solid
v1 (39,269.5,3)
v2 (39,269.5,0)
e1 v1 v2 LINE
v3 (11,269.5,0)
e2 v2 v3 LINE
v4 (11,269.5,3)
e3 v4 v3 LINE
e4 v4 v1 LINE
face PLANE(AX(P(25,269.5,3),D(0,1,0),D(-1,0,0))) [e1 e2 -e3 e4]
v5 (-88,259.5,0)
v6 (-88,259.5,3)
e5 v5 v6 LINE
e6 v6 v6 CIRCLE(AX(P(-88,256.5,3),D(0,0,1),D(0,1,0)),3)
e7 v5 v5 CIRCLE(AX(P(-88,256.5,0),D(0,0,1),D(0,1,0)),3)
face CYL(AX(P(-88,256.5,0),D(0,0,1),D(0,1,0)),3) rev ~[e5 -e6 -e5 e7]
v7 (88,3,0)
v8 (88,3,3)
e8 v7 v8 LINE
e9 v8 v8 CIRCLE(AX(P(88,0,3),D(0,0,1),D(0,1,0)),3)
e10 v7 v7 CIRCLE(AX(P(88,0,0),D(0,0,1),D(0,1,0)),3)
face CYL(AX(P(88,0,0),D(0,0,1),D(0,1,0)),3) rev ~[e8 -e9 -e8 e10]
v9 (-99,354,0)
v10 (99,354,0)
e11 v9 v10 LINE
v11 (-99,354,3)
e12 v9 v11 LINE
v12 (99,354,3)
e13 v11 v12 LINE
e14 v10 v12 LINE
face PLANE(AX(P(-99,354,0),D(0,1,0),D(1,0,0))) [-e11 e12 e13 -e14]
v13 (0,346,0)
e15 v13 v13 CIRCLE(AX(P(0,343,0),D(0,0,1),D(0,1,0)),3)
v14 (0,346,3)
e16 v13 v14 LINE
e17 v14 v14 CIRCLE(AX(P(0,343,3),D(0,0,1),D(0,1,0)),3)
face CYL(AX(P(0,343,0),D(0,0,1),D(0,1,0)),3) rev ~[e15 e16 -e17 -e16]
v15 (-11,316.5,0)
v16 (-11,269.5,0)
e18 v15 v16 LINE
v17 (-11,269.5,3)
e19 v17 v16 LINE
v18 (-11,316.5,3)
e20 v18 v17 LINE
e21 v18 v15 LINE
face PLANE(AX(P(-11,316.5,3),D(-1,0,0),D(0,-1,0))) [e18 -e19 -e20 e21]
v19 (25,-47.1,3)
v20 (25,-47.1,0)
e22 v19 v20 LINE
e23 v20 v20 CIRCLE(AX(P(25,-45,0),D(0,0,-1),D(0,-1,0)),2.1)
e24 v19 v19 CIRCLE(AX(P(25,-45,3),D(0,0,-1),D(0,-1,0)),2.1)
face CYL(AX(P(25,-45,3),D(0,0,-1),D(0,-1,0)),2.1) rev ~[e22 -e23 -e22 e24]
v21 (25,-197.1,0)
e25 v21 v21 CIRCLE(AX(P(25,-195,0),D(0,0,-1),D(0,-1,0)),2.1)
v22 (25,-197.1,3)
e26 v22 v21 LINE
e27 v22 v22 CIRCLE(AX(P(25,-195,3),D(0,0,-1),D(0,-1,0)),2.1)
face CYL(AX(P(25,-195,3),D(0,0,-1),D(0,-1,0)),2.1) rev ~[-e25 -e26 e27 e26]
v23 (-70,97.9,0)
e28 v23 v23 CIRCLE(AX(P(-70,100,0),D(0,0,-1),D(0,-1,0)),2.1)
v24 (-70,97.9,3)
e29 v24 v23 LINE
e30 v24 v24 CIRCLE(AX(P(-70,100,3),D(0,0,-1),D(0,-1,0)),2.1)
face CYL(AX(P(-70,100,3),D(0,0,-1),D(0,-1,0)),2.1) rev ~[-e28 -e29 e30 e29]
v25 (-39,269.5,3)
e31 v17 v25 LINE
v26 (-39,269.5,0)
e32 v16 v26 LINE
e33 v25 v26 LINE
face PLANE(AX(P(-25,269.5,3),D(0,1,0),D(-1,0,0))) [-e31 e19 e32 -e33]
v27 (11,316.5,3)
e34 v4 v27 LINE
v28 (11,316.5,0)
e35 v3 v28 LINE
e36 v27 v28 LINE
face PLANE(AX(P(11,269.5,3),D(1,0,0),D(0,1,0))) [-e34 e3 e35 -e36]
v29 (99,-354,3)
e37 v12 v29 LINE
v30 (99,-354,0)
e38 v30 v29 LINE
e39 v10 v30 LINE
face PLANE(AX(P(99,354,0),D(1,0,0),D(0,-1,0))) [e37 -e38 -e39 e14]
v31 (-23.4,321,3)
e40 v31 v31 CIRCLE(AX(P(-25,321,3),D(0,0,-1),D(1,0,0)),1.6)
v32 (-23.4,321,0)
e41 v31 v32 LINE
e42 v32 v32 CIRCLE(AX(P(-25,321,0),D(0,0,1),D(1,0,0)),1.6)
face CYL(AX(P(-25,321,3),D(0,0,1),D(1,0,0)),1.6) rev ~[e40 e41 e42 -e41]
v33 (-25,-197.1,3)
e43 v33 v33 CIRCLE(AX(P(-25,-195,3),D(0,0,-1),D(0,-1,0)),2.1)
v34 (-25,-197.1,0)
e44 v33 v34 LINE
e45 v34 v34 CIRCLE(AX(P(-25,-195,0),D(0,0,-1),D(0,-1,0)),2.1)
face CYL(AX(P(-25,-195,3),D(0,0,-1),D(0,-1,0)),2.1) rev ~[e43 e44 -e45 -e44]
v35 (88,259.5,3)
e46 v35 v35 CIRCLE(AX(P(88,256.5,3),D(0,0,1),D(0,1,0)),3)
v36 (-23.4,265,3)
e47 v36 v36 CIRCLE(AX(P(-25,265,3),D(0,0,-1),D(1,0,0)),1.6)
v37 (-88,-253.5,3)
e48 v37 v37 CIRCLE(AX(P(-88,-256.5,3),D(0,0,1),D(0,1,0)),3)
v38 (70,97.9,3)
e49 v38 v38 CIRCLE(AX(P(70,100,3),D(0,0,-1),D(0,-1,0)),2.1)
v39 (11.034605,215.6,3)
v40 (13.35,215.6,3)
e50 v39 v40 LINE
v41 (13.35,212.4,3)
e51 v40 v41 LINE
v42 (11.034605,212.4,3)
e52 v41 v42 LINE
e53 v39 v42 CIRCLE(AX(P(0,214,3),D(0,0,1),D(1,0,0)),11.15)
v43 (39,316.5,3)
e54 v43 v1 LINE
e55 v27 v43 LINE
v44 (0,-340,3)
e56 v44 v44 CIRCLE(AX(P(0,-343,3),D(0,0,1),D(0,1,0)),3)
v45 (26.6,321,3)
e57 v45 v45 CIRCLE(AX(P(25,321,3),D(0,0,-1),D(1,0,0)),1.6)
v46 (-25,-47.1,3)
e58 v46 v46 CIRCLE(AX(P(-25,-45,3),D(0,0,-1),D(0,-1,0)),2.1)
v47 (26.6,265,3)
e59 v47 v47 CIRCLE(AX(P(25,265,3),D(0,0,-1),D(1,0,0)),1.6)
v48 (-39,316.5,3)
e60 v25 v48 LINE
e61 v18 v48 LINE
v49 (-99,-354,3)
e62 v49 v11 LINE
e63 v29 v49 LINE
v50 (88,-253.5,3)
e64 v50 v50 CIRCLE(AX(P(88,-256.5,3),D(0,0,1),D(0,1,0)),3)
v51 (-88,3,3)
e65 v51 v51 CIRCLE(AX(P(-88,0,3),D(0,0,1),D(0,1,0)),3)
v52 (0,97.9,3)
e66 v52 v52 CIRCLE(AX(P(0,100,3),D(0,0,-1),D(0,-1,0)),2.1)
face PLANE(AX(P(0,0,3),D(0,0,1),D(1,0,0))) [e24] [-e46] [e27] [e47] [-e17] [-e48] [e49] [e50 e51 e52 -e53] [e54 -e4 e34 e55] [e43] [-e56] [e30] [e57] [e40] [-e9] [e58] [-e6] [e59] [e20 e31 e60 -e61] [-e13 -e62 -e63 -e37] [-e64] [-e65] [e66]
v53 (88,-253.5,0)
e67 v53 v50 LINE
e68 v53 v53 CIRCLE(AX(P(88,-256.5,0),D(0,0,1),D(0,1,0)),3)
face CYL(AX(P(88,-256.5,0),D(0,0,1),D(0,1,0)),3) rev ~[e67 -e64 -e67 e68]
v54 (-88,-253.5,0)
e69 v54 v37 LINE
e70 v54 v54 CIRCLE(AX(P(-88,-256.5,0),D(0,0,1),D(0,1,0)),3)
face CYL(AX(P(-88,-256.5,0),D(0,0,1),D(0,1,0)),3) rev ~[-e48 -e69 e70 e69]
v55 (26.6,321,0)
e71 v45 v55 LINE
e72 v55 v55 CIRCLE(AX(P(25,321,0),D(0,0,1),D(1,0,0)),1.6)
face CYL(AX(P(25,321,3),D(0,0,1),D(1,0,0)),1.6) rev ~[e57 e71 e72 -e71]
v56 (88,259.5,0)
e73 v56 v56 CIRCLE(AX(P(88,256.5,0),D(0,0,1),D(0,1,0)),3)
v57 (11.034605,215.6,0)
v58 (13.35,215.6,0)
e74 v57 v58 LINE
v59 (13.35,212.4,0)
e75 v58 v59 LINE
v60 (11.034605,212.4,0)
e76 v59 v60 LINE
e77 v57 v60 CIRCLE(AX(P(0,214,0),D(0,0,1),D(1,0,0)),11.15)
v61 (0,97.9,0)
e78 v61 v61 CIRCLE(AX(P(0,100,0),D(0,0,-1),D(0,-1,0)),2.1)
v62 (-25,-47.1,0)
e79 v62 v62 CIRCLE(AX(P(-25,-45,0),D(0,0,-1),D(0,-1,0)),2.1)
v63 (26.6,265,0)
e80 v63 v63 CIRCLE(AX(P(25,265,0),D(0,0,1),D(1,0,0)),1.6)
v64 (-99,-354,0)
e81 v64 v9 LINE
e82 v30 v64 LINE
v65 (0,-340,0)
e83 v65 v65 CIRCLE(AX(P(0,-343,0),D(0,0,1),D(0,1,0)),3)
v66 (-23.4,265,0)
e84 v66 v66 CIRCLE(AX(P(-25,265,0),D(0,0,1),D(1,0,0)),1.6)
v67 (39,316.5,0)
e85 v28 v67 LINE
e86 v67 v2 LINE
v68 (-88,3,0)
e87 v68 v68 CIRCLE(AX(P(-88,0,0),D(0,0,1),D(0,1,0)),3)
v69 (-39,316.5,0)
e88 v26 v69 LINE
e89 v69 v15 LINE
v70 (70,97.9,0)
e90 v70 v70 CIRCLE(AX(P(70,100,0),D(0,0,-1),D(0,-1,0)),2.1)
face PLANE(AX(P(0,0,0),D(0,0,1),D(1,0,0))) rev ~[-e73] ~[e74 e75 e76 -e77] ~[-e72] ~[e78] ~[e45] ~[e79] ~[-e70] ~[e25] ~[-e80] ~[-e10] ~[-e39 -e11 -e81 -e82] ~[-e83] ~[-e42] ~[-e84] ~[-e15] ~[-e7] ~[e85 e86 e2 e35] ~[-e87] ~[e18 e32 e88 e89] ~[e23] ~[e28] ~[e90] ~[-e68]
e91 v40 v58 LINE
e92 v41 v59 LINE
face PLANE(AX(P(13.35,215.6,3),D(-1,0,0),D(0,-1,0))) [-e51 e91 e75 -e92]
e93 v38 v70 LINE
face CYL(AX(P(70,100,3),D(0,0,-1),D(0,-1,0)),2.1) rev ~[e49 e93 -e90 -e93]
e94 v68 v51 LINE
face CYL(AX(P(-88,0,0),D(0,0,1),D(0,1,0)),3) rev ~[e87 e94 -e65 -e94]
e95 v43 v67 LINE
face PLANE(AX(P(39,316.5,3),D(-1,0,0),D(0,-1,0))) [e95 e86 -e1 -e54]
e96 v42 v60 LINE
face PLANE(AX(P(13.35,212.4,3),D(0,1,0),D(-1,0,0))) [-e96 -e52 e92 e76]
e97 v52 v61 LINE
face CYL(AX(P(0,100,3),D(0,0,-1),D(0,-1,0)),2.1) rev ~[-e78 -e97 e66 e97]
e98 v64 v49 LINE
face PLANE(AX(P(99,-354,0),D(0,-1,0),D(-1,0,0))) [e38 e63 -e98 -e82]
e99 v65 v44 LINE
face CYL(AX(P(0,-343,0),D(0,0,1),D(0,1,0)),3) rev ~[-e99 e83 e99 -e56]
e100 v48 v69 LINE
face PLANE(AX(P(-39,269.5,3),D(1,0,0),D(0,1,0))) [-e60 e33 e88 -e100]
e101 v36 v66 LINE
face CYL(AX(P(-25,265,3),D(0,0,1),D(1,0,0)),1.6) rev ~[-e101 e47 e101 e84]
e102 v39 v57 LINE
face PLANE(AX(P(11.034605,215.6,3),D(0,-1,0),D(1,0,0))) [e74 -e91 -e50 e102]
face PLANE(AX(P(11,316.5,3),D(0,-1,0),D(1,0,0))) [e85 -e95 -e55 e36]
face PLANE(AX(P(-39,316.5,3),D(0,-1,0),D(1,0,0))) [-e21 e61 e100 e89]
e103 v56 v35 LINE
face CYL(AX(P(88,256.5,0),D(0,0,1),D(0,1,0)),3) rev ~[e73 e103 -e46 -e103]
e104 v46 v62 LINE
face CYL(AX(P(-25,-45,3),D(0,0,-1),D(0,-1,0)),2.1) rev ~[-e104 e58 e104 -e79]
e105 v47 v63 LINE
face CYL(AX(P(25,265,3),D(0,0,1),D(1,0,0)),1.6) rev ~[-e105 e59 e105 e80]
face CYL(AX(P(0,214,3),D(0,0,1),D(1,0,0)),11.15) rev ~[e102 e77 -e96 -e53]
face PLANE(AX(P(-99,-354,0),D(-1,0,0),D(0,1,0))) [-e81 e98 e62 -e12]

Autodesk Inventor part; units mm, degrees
ref_plane "YZ Plane" through (0, 0, 0) normal (1, 0, 0) x (0, 1, 0)
ref_plane "XZ Plane" through (0, 0, 0) normal (0, 1, 0) x (-1, 0, 0)
ref_plane "XY Plane" through (0, 0, 0) normal (0, 0, 1) x (1, 0, 0)
sketch "スケッチ1" plane through (0, 0, 0) normal (0, 0, 1) x (1, 0, 0)
  line L0 (99, -354) -> (-99, -354)
  line L1 (-99, -354) -> (-99, 354)
  line L2 (-99, 354) -> (99, 354)
  line L3 (99, 354) -> (99, -354)
  line L4 (99, -354) -> (-99, 354) construction
  line L5 (-99, -354) -> (99, 354) construction
  point P0 (0, 0)
  dimension "d0" = 198
  dimension "d1" = 708
extrude "押し出し1" add sketch "スケッチ1" along normal blind 3
sketch "スケッチ4" plane through (0, 0, 0) normal (0, 0, -1) x (-1, 0, 0)
  line L0 (99, -354) -> (-99, -354) projected
  line L1 (99, 354) -> (99, -354) projected
  line L2 (-99, 354) -> (99, 354) projected
  line L3 (-99, -354) -> (-99, 354) projected
  line L4 (-88, 343) -> (88, 343)
  line L5 (88, 343) -> (88, -343)
  line L6 (88, -343) -> (-88, -343)
  line L7 (-88, -343) -> (-88, 343)
  line L8 (-88, -256.5) -> (88, -256.5)
  line L9 (88, -256.5) -> (88, 256.5)
  line L10 (88, 256.5) -> (-88, 256.5)
  line L11 (-88, 256.5) -> (-88, -256.5)
  point P0 (0, 0)
  point P1 (0, -343)
  point P2 (0, 343)
  point P3 (-88, 0)
  point P4 (88, 0)
  dimension "d32" = 11
  dimension "d33" = 86.5
  dimension "d34" = 86.5
hole "穴3" at (0, -343, 0) at (0, 343, 0) at (88, 0, 0) at (-88, 0, 0) at (-88, -256.5, 0) at (88, -256.5, 0) at (88, 256.5, 0) at (-88, 256.5, 0) direction (0, 0, 1) diameter 6 end through all
sketch "スケッチ5" plane through (0, 0, 3) normal (0, 0, 1) x (1, 0, 0)
  circle A0 centre (88, 256.5) radius 3 projected
  circle A1 centre (-88, -256.5) radius 3 projected
  circle A2 centre (88, 0) radius 3 projected
  circle A3 centre (0, -343) radius 3 projected
  circle A4 centre (0, 343) radius 3 projected
  circle A5 centre (-88, 0) radius 3 projected
  circle A6 centre (88, -256.5) radius 3 projected
  circle A7 centre (-88, 256.5) radius 3 projected
  line L0 (-99, -354) -> (99, -354) projected
  line L1 (99, -354) -> (99, 354) projected
  line L2 (99, 354) -> (-99, 354) projected
  line L3 (-99, 354) -> (-99, -354) projected
  line L4 (-25, -45) -> (25, -45)
  line L5 (25, -45) -> (25, -195)
  line L6 (25, -195) -> (-25, -195)
  line L7 (-25, -195) -> (-25, -45)
  line L8 (-25, -45) -> (25, -195) construction
  line L9 (25, -45) -> (-25, -195) construction
  point P0 (0, 0)
  point P1 (0, -120)
  point P2 (0, -120)
  dimension "d42" = 150
  dimension "d43" = 50
  dimension "d44" = 120
hole "穴4" at (-25, -45, 3) at (25, -45, 3) at (-25, -195, 3) at (25, -195, 3) direction (0, 0, -1) diameter 4.2 end through all
sketch "スケッチ6" plane through (0, 0, 3) normal (0, 0, 1) x (1, 0, 0)
  circle A0 centre (-25, -195) radius 2.1 projected
  circle A1 centre (-25, -45) radius 2.1 projected
  circle A2 centre (25, -45) radius 2.1 projected
  circle A3 centre (25, -195) radius 2.1 projected
  circle A4 centre (88, 256.5) radius 3 projected
  circle A5 centre (-88, -256.5) radius 3 projected
  circle A6 centre (88, 0) radius 3 projected
  circle A7 centre (0, -343) radius 3 projected
  circle A8 centre (0, 343) radius 3 projected
  circle A9 centre (-88, 0) radius 3 projected
  circle A10 centre (88, -256.5) radius 3 projected
  circle A11 centre (-88, 256.5) radius 3 projected
  line L0 (-99, -354) -> (99, -354) projected
  line L1 (99, -354) -> (99, 354) projected
  line L2 (99, 354) -> (-99, 354) projected
  line L3 (-99, 354) -> (-99, -354) projected
  line L4 (11, 316.5) -> (39, 316.5)
  line L5 (39, 316.5) -> (39, 269.5)
  line L6 (39, 269.5) -> (11, 269.5)
  line L7 (11, 269.5) -> (11, 316.5)
  line L8 (11, 316.5) -> (39, 269.5) construction
  line L9 (39, 316.5) -> (11, 269.5) construction
  line L10 (-39, 316.5) -> (-11, 316.5)
  line L11 (-11, 316.5) -> (-11, 269.5)
  line L12 (-11, 269.5) -> (-39, 269.5)
  line L13 (-39, 269.5) -> (-39, 316.5)
  line L14 (-39, 316.5) -> (-11, 269.5) construction
  line L15 (-11, 316.5) -> (-39, 269.5) construction
  line L16 (25, 321) -> (-25, 321)
  line L17 (-25, 321) -> (-25, 265)
  line L18 (-25, 265) -> (25, 265)
  line L19 (25, 265) -> (25, 321)
  circle A12 centre (25, 321) radius 1.6
  circle A13 centre (25, 265) radius 1.6
  circle A14 centre (-25, 265) radius 1.6
  circle A15 centre (-25, 321) radius 1.6
  point P0 (0, 0)
  point P1 (25, 293)
  point P2 (-25, 293)
  point P3 (-25, 293)
  point P4 (25, 293)
  point P5 (-25, 293)
  point P6 (25, 293)
  point P7 (-23.4, 265)
  point P8 (-25, 266.6)
  dimension "d52" = 47
  dimension "d53" = 28
  dimension "d54" = 28
  dimension "d55" = 50
  dimension "d56" = 25
  dimension "d57" = 50
  dimension "d58" = 56
  dimension "d59" = 28
  dimension "d60" = 3.2
  dimension "d61" = 3.2
  dimension "d62" = 3.2
  dimension "d63" = 3.2
extrude "押し出し2" cut sketch "スケッチ6" against normal blind 10 contours L4 L19 L6 L7 | L4 L5 L6 L19 | A12 L16 L19 | L19 L16 A12 | A13 L18 L19 | L19 L18 A13 | A15 L17 L16 | L16 L17 A15 | A14 L17 L18 | L18 L17 A14 | L17 L12 L13 L10 | L10 L11 L12 L17
sketch "スケッチ7" plane through (0, 0, 3) normal (0, 0, 1) x (1, 0, 0)
  circle A0 centre (0, 214) radius 11.15
  line L0 (99, 354) -> (-99, 354) projected
  point P0 (0, 0)
  dimension "d66" = 22.3
  dimension "d67" = 140
extrude "押し出し3" cut sketch "スケッチ7" against normal blind 10
sketch "スケッチ8" plane through (0, 0, 3) normal (0, 0, 1) x (1, 0, 0)
  line L0 (4.8167, 215.6) -> (13.35, 215.6)
  line L1 (13.35, 215.6) -> (13.35, 212.4)
  line L2 (13.35, 212.4) -> (4.8167, 212.4)
  line L3 (4.8167, 212.4) -> (4.8167, 215.6)
  circle A0 centre (0, 214) radius 11.15 projected
  circle A1 centre (0, 214) radius 11.15 projected
  point P0 (0, 0)
  point P1 (-11.15, 214)
  point P2 (11.0346, 215.6)
  point P3 (11.0346, 212.4)
  dimension "d70" = 3.2
  dimension "d71" = 1.6
  dimension "d72" = 24.5
extrude "押し出し4" cut sketch "スケッチ8" against normal blind 10 contours L0 L1 L2 A0
sketch "スケッチ9" plane through (0, 0, 3) normal (0, 0, 1) x (1, 0, 0)
  point P0 (0, 0)
  point P1 (70, 100)
  point P2 (-70, 100)
  point P3 (0, 100)
  dimension "d75" = 140
  dimension "d76" = 70
  dimension "d77" = 100
hole "穴5" at (70, 100, 3) at (-70, 100, 3) at (0, 100, 3) direction (0, 0, -1) diameter 4.2 end through all
sketch "スケッチ10" plane through (0, 0, 3) normal (0, 0, 1) x (1, 0, 0)
  circle A0 centre (-70, 100) radius 2.1 projected
  circle A1 centre (70, 100) radius 2.1 projected
  circle A2 centre (0, 100) radius 2.1 projected
  line L0 (13.35, 212.4) -> (11.0346, 212.4) projected
  arc A3 (11.0346, 215.6) -> (11.0346, 212.4) centre (0, 214) ccw projected
  line L1 (11.0346, 215.6) -> (13.35, 215.6) projected
  line L2 (13.35, 215.6) -> (13.35, 212.4) projected
  circle A4 centre (25, 265) radius 1.6 projected
  line L3 (11, 269.5) -> (11, 316.5) projected
  line L4 (11, 316.5) -> (39, 316.5) projected
  line L5 (39, 316.5) -> (39, 269.5) projected
  line L6 (39, 269.5) -> (11, 269.5) projected
  circle A5 centre (-25, 321) radius 1.6 projected
  circle A6 centre (-25, 265) radius 1.6 projected
  circle A7 centre (25, 321) radius 1.6 projected
  line L7 (-11, 269.5) -> (-39, 269.5) projected
  line L8 (-39, 269.5) -> (-39, 316.5) projected
  line L9 (-39, 316.5) -> (-11, 316.5) projected
  line L10 (-11, 316.5) -> (-11, 269.5) projected
  circle A8 centre (-25, -195) radius 2.1 projected
  circle A9 centre (-25, -45) radius 2.1 projected
  circle A10 centre (25, -45) radius 2.1 projected
  circle A11 centre (25, -195) radius 2.1 projected
  circle A12 centre (88, 256.5) radius 3 projected
  circle A13 centre (-88, -256.5) radius 3 projected
  circle A14 centre (88, 0) radius 3 projected
  circle A15 centre (0, -343) radius 3 projected
  circle A16 centre (0, 343) radius 3 projected
  circle A17 centre (-88, 0) radius 3 projected
  circle A18 centre (88, -256.5) radius 3 projected
  circle A19 centre (-88, 256.5) radius 3 projected
  line L11 (-99, -354) -> (99, -354) projected
  line L12 (99, -354) -> (99, 354) projected
  line L13 (99, 354) -> (-99, 354) projected
  line L14 (-99, 354) -> (-99, -354) projected
  point P0 (0, 0)
properties part number "Cut_A"
